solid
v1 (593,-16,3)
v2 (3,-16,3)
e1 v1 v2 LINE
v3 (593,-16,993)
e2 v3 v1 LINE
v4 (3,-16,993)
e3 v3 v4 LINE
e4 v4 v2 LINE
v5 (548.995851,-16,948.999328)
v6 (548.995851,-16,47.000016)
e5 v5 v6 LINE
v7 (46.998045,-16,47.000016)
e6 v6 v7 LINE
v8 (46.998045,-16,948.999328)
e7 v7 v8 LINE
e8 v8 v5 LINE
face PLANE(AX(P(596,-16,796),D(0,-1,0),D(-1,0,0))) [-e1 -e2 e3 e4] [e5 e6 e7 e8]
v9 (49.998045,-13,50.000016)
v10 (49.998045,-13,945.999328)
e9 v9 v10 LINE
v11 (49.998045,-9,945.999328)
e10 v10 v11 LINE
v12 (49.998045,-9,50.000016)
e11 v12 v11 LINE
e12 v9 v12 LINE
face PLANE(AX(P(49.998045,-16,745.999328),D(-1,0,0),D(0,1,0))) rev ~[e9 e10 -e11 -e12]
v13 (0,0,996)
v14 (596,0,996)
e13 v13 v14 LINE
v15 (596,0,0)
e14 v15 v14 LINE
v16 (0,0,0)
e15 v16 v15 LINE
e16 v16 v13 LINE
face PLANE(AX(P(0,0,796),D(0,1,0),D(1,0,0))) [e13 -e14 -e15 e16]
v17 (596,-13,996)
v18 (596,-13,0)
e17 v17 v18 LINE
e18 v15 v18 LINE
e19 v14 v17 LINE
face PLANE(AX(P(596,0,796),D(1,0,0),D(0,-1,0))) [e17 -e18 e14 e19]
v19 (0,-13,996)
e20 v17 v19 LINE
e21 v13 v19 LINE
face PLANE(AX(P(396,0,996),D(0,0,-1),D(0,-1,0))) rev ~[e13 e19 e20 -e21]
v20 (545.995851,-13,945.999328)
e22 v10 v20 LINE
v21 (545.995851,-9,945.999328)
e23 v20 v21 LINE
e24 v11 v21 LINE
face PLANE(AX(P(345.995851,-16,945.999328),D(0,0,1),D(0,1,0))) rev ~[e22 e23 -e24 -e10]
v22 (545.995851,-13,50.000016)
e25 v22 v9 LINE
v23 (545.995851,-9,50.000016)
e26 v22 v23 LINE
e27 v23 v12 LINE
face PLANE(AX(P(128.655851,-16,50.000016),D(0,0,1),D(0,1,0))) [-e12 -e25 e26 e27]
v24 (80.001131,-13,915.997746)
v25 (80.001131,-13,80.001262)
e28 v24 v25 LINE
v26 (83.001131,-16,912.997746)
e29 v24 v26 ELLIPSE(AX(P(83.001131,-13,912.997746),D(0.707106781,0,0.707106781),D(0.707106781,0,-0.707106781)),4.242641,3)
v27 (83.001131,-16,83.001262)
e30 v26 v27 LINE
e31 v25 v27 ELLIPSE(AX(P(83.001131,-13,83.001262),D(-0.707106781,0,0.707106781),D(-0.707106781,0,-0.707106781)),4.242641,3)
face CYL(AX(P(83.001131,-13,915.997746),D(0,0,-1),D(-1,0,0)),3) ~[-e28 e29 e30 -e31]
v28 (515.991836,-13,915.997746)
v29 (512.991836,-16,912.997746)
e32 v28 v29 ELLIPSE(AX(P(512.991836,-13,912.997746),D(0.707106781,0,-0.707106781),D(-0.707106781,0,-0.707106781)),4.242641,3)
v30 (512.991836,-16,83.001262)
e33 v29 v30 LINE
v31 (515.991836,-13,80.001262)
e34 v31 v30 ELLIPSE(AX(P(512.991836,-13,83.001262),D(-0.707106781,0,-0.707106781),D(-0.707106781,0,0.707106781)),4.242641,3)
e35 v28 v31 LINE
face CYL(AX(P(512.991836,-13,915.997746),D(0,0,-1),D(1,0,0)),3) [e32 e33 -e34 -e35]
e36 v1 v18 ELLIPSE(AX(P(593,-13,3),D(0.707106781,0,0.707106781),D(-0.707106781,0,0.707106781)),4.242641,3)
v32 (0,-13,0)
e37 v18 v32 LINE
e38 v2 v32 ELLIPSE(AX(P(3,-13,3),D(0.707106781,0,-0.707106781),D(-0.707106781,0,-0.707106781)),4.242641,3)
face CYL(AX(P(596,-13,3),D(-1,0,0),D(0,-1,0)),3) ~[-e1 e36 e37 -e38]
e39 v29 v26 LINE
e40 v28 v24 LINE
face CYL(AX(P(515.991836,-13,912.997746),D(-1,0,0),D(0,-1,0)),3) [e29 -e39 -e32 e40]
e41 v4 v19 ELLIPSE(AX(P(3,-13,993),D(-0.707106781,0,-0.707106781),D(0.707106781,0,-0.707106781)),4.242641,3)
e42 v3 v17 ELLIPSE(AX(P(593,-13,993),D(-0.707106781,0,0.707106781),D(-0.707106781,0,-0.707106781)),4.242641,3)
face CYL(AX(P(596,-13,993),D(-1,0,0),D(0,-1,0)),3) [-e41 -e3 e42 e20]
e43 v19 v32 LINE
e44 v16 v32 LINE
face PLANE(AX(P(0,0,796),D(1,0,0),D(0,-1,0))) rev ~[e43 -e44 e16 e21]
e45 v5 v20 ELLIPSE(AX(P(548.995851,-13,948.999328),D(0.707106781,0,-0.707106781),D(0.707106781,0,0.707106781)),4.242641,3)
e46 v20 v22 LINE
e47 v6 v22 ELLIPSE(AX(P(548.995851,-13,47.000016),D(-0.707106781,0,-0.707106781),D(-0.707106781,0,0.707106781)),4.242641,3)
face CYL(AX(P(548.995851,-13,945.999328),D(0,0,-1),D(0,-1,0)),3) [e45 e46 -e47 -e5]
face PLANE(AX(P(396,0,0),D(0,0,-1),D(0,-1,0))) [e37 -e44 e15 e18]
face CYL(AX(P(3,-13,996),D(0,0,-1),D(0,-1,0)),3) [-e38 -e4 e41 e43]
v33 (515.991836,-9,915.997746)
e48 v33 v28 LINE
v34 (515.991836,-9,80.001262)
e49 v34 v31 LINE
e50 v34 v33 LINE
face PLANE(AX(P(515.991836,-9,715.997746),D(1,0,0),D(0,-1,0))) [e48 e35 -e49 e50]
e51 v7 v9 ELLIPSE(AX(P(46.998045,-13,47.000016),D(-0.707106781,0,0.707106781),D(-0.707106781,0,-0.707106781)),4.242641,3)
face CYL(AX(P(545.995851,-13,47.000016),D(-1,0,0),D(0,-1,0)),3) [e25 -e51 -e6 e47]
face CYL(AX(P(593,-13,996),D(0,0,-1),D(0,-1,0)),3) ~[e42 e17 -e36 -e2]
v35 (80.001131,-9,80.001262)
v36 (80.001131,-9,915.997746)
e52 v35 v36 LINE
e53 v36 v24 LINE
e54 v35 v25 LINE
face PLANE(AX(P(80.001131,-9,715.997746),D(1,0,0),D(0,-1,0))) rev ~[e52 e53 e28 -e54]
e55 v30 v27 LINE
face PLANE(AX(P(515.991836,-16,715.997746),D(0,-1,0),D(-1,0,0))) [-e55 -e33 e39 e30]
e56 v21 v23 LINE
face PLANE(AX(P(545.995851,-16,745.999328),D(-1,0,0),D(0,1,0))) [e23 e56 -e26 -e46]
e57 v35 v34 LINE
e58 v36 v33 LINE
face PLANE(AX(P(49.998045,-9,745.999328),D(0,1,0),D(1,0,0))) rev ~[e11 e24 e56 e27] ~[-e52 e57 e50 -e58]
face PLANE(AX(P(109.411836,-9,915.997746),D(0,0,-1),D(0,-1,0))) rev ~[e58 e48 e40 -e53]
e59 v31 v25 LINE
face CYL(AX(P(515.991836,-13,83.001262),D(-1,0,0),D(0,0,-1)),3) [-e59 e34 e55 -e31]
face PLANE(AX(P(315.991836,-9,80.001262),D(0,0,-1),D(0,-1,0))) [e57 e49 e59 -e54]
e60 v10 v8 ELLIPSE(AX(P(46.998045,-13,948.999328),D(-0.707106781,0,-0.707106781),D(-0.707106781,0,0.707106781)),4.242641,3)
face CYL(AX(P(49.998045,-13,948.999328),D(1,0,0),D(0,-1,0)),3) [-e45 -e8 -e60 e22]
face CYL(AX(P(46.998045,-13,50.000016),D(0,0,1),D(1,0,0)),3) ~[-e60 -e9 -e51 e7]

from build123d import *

# Parameters (mm, degrees)
F0_W      = 44.656470418
F0_H      = 33.8078811765
F1_DEPTH  = 16
F2_DEPTH  = 796
F3_DEPTH  = 196
F4_W      = 68.9578056335
F4_H      = 493.6993122101
F5_DEPTH  = 7
F6_DEPTH  = 9.7
F7_DEPTH  = 99.33
F8_DEPTH  = 99.33
F9_DEPTH  = 17.34
F10_DEPTH = 102.97
F11_W     = 35.2807044983
F11_H     = 492.0964837074
F12_DEPTH = 7
F13_DEPTH = 37.27
F14_DEPTH = 6.58
F15_DEPTH = 106.63
F16_DEPTH = 5.87
F17_DEPTH = 200
F18_DEPTH = 200
F19_DEPTH = 200
F20_DEPTH = 200
F21_DEPTH = 200
F22_DEPTH = 200
F23_DEPTH = 200
F24_DEPTH = 200
F25_DEPTH = 200
F26_R     = 3


with BuildPart() as f1:
    # F0 (on Front) → F1 (new body)
    with BuildSketch(Plane.XZ):
        with Locations((22.328235209, 16.9039405882)):
            Rectangle(F0_W, F0_H)
    extrude(amount=F1_DEPTH)

    # F2 (add): a face of the model
    f2_faces = [f1.faces().sort_by_distance(p)[0] for p in [
        (22.328235209, -8, 0),
    ]]
    extrude(f2_faces, amount=-F2_DEPTH)

    # F3 (add): a face of the model
    f3_faces = [f1.faces().sort_by_distance(p)[0] for p in [
        (0, -8, 398),
    ]]
    extrude(f3_faces, amount=-F3_DEPTH)

    # F4 (on face) → F5 (cut)
    with BuildSketch(Plane.XZ.offset(16)):
        with Locations((94.1769480705, 399.8196721077)):
            Rectangle(F4_W, F4_H)
    extrude(amount=-F5_DEPTH, mode=Mode.SUBTRACT)

    # F6 (cut): a face of the model
    f6_faces = [f1.faces().sort_by_distance(p)[0] for p in [
        (59.6980452538, -12.5, 399.8196721077),
    ]]
    extrude(f6_faces, amount=-F6_DEPTH, mode=Mode.SUBTRACT)

    # F7 (add): a face of the model
    f7_faces = [f1.faces().sort_by_distance(p)[0] for p in [
        (89.3269480705, -12.5, 646.6693282127),
    ]]
    extrude(f7_faces, amount=-F7_DEPTH)

    # F8 (cut): a face of the model
    f8_faces = [f1.faces().sort_by_distance(p)[0] for p in [
        (89.3269480705, -12.5, 646.6693282127),
    ]]
    extrude(f8_faces, amount=-F8_DEPTH, mode=Mode.SUBTRACT)

    # F9 (cut): a face of the model
    f9_faces = [f1.faces().sort_by_distance(p)[0] for p in [
        (128.6558508873, -12.5, 449.4846721077),
    ]]
    extrude(f9_faces, amount=-F9_DEPTH, mode=Mode.SUBTRACT)

    # F10 (cut): a face of the model
    f10_faces = [f1.faces().sort_by_distance(p)[0] for p in [
        (97.9969480705, -12.5, 152.9700160027),
    ]]
    extrude(f10_faces, amount=-F10_DEPTH, mode=Mode.SUBTRACT)

    # F11 (on face) → F12 (join)
    with BuildSketch(Plane.XZ.offset(9)):
        with Locations((91.7714834213, 432.6795041561)):
            Rectangle(F11_W, F11_H)
    extrude(amount=F12_DEPTH)

    # F13 (add): a face of the model
    f13_faces = [f1.faces().sort_by_distance(p)[0] for p in [
        (91.7714834213, -12.5, 678.7277460098),
    ]]
    extrude(f13_faces, amount=F13_DEPTH)

    # F14 (add): a face of the model
    f14_faces = [f1.faces().sort_by_distance(p)[0] for p in [
        (109.4118356705, -12.5, 451.3145041561),
    ]]
    extrude(f14_faces, amount=F14_DEPTH)

    # F15 (add): a face of the model
    f15_faces = [f1.faces().sort_by_distance(p)[0] for p in [
        (95.0614834213, -12.5, 186.6312623024),
    ]]
    extrude(f15_faces, amount=F15_DEPTH)

    # F16 (cut): a face of the model
    f16_faces = [f1.faces().sort_by_distance(p)[0] for p in [
        (74.1311311722, -12.5, 397.9995041561),
    ]]
    extrude(f16_faces, amount=-F16_DEPTH, mode=Mode.SUBTRACT)

    # F17 (add): a face of the model
    f17_faces = [f1.faces().sort_by_distance(p)[0] for p in [
        (196, -8, 398),
    ]]
    extrude(f17_faces, amount=F17_DEPTH)

    # F18 (cut): a face of the model
    f18_faces = [f1.faces().sort_by_distance(p)[0] for p in [
        (145.9958508873, -12.5, 397.9996721077),
    ]]
    extrude(f18_faces, amount=-F18_DEPTH, mode=Mode.SUBTRACT)

    # F19 (add): a face of the model
    f19_faces = [f1.faces().sort_by_distance(p)[0] for p in [
        (115.9918356705, -12.5, 397.9995041561),
    ]]
    extrude(f19_faces, amount=F19_DEPTH)

    # F20 (add): a face of the model
    f20_faces = [f1.faces().sort_by_distance(p)[0] for p in [
        (396, -8, 398),
    ]]
    extrude(f20_faces, amount=F20_DEPTH)

    # F21 (cut): a face of the model
    f21_faces = [f1.faces().sort_by_distance(p)[0] for p in [
        (345.9958508873, -12.5, 397.9996721077),
    ]]
    extrude(f21_faces, amount=-F21_DEPTH, mode=Mode.SUBTRACT)

    # F22 (add): a face of the model
    f22_faces = [f1.faces().sort_by_distance(p)[0] for p in [
        (315.9918356705, -12.5, 397.9995041561),
    ]]
    extrude(f22_faces, amount=F22_DEPTH)

    # F23 (add): a face of the model
    f23_faces = [f1.faces().sort_by_distance(p)[0] for p in [
        (298, -8, 796),
    ]]
    extrude(f23_faces, amount=F23_DEPTH)

    # F24 (cut): a face of the model
    f24_faces = [f1.faces().sort_by_distance(p)[0] for p in [
        (297.9969480705, -12.5, 745.9993282127),
    ]]
    extrude(f24_faces, amount=-F24_DEPTH, mode=Mode.SUBTRACT)

    # F25 (add): a face of the model
    f25_faces = [f1.faces().sort_by_distance(p)[0] for p in [
        (297.9964834213, -12.5, 715.9977460098),
    ]]
    extrude(f25_faces, amount=F25_DEPTH)

    # F26
    f26_edges = [f1.edges().sort_by_distance(p)[0] for p in [
        (0, -16, 498),
        (298, -16, 0),
        (596, -16, 498),
        (298, -16, 996),
        (297.996948, -16, 50.000016),
        (49.998045, -16, 497.999672),
        (297.996948, -16, 945.999328),
        (545.995851, -16, 497.999672),
        (80.001131, -16, 497.999504),
        (297.996483, -16, 80.001262),
        (515.991836, -16, 497.999504),
        (297.996483, -16, 915.997746),
    ]]
    fillet(f26_edges, radius=F26_R)


solid = f1.part
